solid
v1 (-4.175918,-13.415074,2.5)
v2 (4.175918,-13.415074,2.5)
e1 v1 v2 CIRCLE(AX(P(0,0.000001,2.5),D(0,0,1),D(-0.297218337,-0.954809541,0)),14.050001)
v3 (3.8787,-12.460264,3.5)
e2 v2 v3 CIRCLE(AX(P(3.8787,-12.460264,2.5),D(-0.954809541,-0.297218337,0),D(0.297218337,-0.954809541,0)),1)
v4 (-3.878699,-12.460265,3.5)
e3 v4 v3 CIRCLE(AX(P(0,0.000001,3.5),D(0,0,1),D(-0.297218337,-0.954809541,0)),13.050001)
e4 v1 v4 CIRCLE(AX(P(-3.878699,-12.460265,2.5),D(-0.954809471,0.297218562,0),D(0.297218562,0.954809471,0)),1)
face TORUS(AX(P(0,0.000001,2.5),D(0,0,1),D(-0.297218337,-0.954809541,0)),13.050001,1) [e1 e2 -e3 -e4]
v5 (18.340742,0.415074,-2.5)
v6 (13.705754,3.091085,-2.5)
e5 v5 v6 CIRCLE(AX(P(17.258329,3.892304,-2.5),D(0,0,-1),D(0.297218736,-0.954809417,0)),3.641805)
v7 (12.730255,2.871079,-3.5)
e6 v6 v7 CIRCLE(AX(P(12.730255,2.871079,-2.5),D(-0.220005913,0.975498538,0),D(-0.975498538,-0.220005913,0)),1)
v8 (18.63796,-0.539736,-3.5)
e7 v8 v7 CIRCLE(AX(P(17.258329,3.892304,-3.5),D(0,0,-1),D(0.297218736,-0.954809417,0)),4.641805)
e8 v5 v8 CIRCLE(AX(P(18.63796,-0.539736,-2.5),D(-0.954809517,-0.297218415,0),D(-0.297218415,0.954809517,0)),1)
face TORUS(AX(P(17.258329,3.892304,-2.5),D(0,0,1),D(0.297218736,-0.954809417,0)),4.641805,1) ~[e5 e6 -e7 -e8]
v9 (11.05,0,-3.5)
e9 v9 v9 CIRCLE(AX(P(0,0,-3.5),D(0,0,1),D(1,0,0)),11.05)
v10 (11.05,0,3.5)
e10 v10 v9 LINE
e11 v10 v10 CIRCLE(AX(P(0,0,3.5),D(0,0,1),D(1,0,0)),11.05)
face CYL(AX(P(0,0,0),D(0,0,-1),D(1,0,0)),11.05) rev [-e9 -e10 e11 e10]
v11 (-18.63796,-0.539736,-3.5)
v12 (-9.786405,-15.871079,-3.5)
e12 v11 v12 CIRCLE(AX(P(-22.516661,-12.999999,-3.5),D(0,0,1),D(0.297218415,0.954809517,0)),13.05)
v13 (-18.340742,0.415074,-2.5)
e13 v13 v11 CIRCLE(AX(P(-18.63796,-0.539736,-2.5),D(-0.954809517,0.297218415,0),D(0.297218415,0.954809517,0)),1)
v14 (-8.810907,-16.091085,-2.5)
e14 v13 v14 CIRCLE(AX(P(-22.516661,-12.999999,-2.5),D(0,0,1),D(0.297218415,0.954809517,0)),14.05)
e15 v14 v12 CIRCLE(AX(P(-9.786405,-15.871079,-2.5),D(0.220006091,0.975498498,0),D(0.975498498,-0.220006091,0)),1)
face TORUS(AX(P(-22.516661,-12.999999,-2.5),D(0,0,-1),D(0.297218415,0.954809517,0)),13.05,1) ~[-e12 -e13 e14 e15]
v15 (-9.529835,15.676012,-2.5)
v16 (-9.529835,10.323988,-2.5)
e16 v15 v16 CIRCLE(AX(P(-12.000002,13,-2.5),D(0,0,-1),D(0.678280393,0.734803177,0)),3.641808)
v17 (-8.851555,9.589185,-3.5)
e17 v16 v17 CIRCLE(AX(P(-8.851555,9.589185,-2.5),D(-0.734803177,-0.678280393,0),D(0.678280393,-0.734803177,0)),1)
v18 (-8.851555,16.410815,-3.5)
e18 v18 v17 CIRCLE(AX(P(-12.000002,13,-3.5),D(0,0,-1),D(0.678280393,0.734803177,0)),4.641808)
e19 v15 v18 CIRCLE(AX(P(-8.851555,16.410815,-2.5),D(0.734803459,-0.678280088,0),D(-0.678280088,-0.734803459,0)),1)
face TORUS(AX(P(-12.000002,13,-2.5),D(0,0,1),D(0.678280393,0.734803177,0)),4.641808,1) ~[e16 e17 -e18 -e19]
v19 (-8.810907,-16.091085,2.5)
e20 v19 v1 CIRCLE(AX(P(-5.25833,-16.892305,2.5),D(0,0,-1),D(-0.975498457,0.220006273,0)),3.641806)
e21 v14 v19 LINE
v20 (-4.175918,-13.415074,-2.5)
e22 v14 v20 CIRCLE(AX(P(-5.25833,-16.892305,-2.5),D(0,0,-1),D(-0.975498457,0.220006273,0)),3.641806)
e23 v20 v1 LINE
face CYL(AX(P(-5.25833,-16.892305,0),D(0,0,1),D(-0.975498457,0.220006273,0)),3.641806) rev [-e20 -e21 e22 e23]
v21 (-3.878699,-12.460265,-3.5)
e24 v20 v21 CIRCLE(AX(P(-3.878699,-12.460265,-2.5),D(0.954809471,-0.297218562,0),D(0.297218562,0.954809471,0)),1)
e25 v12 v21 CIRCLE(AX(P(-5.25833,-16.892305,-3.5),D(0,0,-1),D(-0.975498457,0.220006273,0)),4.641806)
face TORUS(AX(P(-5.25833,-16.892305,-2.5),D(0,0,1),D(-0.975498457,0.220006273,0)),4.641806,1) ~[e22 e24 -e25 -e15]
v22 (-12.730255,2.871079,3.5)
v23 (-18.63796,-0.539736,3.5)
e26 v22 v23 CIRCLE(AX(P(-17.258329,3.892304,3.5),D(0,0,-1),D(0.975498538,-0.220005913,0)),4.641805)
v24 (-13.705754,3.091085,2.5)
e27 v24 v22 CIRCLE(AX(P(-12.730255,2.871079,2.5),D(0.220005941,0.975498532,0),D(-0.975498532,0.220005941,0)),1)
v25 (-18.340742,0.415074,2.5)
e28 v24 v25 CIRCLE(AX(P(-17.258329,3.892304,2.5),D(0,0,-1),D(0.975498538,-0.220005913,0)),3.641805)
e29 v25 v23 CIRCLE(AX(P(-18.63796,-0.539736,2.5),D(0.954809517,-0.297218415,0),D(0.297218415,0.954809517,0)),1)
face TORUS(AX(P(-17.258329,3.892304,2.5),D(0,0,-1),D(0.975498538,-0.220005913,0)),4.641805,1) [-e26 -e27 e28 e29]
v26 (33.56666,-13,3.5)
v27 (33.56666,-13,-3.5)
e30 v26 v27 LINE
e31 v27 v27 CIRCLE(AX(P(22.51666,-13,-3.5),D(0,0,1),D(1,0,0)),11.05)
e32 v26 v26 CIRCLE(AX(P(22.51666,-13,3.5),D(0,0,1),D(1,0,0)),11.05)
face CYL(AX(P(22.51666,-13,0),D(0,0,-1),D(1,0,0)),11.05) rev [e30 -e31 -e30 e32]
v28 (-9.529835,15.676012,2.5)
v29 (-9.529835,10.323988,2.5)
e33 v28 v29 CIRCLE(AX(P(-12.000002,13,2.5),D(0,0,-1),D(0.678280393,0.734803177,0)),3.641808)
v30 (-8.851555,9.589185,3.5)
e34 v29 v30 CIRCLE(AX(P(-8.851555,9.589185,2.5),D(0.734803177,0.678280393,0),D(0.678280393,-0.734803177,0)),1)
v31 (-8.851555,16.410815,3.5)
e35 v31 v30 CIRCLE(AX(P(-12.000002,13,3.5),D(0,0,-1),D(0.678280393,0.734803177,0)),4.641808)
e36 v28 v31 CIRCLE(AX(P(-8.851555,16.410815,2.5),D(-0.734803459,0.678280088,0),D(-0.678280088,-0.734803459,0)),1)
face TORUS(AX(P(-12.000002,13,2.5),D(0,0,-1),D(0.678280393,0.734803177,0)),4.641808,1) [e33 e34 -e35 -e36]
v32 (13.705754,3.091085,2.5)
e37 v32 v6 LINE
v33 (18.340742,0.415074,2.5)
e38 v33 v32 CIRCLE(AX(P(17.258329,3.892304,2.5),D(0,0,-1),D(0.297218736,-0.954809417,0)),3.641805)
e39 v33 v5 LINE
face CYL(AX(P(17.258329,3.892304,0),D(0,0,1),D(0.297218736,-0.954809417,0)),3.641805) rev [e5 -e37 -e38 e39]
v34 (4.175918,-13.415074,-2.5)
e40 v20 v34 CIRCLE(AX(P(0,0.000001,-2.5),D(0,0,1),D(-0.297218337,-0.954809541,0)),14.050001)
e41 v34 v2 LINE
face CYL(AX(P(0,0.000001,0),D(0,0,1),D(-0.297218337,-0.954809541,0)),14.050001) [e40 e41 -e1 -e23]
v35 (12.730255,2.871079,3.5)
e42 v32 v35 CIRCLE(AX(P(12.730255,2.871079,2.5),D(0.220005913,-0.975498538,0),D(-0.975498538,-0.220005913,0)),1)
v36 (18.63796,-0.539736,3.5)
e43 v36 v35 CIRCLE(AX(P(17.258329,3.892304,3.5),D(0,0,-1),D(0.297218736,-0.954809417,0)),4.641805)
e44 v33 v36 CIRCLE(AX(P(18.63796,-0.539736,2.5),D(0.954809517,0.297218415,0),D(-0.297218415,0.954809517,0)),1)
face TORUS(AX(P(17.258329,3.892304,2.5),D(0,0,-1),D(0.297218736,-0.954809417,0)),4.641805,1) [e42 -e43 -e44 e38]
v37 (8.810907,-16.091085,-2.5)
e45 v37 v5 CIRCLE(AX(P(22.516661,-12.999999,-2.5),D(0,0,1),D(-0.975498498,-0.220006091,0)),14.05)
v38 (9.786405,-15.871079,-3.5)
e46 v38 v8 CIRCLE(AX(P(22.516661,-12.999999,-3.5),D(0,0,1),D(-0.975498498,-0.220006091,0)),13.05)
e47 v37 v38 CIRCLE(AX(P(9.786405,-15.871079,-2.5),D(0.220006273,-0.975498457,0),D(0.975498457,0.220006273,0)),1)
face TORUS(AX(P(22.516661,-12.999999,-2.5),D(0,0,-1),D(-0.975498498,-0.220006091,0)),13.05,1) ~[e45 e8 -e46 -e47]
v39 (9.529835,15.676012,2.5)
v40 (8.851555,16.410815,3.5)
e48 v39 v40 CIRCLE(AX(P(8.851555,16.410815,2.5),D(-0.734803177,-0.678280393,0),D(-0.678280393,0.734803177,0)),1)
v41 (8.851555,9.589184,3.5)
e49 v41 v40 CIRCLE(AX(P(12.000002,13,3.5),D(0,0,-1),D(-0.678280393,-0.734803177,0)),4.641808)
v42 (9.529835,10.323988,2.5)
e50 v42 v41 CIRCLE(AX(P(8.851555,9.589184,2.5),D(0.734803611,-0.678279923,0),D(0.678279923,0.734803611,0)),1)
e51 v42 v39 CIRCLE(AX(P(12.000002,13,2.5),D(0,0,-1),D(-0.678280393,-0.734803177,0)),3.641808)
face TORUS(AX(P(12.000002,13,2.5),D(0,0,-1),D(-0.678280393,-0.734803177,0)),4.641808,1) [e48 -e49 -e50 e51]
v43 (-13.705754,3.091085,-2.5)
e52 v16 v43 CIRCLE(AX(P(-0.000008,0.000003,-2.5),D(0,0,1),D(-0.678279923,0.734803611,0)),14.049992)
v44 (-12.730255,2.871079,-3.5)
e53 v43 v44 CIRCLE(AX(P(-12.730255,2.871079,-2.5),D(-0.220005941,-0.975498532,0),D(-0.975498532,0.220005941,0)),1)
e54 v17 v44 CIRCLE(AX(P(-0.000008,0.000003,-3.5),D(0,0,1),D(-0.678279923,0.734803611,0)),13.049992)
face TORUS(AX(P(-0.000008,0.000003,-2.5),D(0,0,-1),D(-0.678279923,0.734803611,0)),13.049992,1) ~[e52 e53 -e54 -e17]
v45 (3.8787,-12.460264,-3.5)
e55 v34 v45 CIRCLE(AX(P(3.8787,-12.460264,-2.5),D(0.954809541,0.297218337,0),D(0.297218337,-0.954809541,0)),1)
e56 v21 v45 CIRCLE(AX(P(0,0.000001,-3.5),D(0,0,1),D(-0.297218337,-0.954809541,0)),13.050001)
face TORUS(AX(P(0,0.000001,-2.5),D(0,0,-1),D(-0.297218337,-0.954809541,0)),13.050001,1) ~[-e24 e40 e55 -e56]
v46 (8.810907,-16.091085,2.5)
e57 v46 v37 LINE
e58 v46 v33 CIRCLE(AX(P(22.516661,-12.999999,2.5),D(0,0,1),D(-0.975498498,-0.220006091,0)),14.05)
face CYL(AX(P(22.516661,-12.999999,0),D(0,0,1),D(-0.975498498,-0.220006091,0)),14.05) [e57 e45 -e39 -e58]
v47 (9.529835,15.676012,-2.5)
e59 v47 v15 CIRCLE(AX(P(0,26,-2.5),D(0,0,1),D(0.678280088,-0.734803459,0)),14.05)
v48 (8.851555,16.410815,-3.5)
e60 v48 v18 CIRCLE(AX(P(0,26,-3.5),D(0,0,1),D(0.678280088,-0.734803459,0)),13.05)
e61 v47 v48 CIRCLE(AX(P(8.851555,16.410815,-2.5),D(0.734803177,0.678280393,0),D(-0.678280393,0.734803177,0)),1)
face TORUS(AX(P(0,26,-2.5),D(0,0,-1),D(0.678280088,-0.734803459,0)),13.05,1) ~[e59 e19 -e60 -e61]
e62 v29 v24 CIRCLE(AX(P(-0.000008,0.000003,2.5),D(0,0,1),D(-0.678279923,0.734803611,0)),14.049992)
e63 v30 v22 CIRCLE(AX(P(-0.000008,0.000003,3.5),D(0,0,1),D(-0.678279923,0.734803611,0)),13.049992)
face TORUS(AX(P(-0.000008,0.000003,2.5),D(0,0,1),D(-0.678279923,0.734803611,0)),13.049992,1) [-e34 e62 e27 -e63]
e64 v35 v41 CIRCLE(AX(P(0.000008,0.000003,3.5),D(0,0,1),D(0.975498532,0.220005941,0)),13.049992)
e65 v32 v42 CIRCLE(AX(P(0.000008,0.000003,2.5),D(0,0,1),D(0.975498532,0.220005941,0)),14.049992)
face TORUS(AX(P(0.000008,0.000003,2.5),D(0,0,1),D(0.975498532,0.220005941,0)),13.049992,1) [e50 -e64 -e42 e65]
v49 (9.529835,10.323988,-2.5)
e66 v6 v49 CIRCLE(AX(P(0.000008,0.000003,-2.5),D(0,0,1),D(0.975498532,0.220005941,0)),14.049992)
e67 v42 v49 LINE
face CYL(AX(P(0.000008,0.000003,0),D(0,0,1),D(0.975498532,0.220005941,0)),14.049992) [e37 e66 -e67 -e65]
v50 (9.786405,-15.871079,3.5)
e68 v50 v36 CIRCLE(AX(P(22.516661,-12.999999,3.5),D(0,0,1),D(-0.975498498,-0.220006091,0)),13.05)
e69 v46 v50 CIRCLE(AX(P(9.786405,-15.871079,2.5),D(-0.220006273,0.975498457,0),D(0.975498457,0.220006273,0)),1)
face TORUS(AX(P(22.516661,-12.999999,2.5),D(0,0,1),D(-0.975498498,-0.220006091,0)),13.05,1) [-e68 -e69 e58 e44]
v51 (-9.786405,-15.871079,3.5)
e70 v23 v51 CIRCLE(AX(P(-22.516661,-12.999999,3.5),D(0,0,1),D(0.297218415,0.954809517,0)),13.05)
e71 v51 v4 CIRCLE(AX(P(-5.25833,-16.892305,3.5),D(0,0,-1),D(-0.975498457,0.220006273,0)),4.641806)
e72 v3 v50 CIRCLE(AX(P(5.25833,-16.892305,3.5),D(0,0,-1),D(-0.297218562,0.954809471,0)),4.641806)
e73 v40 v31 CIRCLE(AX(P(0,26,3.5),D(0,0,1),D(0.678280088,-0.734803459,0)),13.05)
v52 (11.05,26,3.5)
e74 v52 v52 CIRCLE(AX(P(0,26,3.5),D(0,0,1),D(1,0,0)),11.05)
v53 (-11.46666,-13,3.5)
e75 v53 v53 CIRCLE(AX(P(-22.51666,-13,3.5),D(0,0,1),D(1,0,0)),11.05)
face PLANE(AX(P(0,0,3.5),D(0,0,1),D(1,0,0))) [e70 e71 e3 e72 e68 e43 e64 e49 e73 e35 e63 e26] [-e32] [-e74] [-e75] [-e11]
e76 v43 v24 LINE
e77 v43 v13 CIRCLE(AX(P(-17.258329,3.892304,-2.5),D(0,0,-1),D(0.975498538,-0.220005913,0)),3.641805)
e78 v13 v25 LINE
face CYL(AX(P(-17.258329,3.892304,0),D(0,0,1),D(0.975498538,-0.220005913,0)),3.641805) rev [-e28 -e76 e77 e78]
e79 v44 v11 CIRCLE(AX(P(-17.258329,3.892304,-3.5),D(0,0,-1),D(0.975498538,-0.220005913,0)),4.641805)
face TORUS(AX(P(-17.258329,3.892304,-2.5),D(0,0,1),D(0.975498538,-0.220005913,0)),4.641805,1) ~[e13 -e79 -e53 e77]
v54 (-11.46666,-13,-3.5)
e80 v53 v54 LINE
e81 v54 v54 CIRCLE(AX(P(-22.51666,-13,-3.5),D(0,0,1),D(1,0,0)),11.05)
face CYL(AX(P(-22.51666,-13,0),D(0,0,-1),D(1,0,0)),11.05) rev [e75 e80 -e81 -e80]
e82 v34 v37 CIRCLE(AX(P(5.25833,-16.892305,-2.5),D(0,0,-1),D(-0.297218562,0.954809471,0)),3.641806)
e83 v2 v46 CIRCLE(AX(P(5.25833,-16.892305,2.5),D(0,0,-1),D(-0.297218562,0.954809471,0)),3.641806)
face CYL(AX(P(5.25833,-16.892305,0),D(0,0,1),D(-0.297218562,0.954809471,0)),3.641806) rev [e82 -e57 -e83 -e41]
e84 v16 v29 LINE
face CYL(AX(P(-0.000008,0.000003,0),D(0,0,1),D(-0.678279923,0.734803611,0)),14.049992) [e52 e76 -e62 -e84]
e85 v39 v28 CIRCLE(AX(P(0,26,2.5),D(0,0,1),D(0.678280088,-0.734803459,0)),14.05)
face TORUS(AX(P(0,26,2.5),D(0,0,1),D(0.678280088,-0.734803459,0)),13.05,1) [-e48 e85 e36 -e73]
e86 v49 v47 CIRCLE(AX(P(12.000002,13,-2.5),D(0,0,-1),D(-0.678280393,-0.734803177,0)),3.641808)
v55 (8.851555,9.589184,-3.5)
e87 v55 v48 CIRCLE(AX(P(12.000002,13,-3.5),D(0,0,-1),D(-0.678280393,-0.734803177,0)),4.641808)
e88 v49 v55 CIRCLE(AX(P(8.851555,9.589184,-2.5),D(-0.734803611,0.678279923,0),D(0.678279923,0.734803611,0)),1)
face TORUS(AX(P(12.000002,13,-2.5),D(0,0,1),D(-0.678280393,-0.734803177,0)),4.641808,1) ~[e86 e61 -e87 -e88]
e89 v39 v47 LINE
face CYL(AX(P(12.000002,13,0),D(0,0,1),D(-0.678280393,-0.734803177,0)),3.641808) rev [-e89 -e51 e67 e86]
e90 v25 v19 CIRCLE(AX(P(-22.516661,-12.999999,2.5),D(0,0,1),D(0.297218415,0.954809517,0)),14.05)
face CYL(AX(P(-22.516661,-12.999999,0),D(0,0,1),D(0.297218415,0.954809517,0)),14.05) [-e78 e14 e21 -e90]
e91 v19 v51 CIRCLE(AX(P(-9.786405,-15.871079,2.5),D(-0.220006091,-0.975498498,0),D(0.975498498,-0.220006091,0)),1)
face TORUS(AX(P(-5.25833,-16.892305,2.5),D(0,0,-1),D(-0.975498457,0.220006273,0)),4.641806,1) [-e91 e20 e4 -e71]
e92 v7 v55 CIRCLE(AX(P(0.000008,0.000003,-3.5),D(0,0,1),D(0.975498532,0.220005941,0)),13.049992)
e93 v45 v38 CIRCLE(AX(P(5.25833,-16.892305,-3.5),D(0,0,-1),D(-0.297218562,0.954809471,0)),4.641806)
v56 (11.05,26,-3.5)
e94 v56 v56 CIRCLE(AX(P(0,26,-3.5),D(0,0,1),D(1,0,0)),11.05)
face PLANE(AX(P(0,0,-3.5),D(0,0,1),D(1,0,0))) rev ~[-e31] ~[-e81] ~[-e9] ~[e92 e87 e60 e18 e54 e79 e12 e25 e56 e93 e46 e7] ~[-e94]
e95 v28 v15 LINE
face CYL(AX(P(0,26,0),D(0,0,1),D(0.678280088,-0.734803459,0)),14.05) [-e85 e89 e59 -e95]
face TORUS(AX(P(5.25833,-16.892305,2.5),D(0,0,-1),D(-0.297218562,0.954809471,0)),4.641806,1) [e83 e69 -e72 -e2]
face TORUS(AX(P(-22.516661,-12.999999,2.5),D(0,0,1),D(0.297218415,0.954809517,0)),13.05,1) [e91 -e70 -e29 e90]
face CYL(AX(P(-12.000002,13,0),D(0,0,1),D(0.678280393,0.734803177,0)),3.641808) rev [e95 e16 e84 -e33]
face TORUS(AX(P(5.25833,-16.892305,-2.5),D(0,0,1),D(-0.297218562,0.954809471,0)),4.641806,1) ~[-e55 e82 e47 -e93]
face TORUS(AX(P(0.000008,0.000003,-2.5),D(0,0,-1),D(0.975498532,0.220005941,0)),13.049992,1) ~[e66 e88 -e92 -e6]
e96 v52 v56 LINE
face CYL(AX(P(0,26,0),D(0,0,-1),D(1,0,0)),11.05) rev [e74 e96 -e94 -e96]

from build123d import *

# Parameters (mm, degrees)
F0_R     = 11.05
F1_DEPTH = 3.5
F2_R     = 1


with BuildPart() as f1:
    # F0 (on Top) → F1 (new body, symmetric)
    with BuildSketch(Plane.XY):
        with BuildLine():
            ThreePointArc((-9.529835, 15.676012), (-8.358194, 13), (-9.529835, 10.323988))
            ThreePointArc((-9.529835, 10.323988), (-12.167657, 7.025), (-13.705754, 3.091085))
            ThreePointArc((-13.705754, 3.091085), (-15.437427, 0.738408), (-18.340742, 0.415074))
            ThreePointArc((-18.340742, 0.415074), (-34.684317, -20.025), (-8.810907, -16.091085))
            ThreePointArc((-8.810907, -16.091085), (-7.079233, -13.738408), (-4.175918, -13.415074))
            ThreePointArc((-4.175918, -13.415074), (0, -14.05), (4.175918, -13.415074))
            ThreePointArc((4.175918, -13.415074), (7.079233, -13.738408), (8.810907, -16.091085))
            ThreePointArc((8.810907, -16.091085), (34.684317, -20.025), (18.340742, 0.415074))
            ThreePointArc((18.340742, 0.415074), (15.437427, 0.738408), (13.705754, 3.091085))
            ThreePointArc((13.705754, 3.091085), (12.167657, 7.025), (9.529835, 10.323988))
            ThreePointArc((9.529835, 10.323988), (8.358194, 13), (9.529835, 15.676012))
            ThreePointArc((9.529835, 15.676012), (0, 40.05), (-9.529835, 15.676012))
        make_face()
        with Locations((-22.51666, -13)):
            Circle(F0_R, mode=Mode.SUBTRACT)
        with Locations((22.51666, -13)):
            Circle(F0_R, mode=Mode.SUBTRACT)
        Circle(F0_R, mode=Mode.SUBTRACT)
        with Locations((0, 26)):
            Circle(F0_R, mode=Mode.SUBTRACT)
    extrude(amount=F1_DEPTH, both=True)

    # F2
    f2_edges = [f1.edges().sort_by_distance(p)[0] for p in [
        (-34.684317, -20.025, 3.5),
        (-34.684317, -20.025, -3.5),
    ]]
    fillet(f2_edges, radius=F2_R)


solid = f1.part
